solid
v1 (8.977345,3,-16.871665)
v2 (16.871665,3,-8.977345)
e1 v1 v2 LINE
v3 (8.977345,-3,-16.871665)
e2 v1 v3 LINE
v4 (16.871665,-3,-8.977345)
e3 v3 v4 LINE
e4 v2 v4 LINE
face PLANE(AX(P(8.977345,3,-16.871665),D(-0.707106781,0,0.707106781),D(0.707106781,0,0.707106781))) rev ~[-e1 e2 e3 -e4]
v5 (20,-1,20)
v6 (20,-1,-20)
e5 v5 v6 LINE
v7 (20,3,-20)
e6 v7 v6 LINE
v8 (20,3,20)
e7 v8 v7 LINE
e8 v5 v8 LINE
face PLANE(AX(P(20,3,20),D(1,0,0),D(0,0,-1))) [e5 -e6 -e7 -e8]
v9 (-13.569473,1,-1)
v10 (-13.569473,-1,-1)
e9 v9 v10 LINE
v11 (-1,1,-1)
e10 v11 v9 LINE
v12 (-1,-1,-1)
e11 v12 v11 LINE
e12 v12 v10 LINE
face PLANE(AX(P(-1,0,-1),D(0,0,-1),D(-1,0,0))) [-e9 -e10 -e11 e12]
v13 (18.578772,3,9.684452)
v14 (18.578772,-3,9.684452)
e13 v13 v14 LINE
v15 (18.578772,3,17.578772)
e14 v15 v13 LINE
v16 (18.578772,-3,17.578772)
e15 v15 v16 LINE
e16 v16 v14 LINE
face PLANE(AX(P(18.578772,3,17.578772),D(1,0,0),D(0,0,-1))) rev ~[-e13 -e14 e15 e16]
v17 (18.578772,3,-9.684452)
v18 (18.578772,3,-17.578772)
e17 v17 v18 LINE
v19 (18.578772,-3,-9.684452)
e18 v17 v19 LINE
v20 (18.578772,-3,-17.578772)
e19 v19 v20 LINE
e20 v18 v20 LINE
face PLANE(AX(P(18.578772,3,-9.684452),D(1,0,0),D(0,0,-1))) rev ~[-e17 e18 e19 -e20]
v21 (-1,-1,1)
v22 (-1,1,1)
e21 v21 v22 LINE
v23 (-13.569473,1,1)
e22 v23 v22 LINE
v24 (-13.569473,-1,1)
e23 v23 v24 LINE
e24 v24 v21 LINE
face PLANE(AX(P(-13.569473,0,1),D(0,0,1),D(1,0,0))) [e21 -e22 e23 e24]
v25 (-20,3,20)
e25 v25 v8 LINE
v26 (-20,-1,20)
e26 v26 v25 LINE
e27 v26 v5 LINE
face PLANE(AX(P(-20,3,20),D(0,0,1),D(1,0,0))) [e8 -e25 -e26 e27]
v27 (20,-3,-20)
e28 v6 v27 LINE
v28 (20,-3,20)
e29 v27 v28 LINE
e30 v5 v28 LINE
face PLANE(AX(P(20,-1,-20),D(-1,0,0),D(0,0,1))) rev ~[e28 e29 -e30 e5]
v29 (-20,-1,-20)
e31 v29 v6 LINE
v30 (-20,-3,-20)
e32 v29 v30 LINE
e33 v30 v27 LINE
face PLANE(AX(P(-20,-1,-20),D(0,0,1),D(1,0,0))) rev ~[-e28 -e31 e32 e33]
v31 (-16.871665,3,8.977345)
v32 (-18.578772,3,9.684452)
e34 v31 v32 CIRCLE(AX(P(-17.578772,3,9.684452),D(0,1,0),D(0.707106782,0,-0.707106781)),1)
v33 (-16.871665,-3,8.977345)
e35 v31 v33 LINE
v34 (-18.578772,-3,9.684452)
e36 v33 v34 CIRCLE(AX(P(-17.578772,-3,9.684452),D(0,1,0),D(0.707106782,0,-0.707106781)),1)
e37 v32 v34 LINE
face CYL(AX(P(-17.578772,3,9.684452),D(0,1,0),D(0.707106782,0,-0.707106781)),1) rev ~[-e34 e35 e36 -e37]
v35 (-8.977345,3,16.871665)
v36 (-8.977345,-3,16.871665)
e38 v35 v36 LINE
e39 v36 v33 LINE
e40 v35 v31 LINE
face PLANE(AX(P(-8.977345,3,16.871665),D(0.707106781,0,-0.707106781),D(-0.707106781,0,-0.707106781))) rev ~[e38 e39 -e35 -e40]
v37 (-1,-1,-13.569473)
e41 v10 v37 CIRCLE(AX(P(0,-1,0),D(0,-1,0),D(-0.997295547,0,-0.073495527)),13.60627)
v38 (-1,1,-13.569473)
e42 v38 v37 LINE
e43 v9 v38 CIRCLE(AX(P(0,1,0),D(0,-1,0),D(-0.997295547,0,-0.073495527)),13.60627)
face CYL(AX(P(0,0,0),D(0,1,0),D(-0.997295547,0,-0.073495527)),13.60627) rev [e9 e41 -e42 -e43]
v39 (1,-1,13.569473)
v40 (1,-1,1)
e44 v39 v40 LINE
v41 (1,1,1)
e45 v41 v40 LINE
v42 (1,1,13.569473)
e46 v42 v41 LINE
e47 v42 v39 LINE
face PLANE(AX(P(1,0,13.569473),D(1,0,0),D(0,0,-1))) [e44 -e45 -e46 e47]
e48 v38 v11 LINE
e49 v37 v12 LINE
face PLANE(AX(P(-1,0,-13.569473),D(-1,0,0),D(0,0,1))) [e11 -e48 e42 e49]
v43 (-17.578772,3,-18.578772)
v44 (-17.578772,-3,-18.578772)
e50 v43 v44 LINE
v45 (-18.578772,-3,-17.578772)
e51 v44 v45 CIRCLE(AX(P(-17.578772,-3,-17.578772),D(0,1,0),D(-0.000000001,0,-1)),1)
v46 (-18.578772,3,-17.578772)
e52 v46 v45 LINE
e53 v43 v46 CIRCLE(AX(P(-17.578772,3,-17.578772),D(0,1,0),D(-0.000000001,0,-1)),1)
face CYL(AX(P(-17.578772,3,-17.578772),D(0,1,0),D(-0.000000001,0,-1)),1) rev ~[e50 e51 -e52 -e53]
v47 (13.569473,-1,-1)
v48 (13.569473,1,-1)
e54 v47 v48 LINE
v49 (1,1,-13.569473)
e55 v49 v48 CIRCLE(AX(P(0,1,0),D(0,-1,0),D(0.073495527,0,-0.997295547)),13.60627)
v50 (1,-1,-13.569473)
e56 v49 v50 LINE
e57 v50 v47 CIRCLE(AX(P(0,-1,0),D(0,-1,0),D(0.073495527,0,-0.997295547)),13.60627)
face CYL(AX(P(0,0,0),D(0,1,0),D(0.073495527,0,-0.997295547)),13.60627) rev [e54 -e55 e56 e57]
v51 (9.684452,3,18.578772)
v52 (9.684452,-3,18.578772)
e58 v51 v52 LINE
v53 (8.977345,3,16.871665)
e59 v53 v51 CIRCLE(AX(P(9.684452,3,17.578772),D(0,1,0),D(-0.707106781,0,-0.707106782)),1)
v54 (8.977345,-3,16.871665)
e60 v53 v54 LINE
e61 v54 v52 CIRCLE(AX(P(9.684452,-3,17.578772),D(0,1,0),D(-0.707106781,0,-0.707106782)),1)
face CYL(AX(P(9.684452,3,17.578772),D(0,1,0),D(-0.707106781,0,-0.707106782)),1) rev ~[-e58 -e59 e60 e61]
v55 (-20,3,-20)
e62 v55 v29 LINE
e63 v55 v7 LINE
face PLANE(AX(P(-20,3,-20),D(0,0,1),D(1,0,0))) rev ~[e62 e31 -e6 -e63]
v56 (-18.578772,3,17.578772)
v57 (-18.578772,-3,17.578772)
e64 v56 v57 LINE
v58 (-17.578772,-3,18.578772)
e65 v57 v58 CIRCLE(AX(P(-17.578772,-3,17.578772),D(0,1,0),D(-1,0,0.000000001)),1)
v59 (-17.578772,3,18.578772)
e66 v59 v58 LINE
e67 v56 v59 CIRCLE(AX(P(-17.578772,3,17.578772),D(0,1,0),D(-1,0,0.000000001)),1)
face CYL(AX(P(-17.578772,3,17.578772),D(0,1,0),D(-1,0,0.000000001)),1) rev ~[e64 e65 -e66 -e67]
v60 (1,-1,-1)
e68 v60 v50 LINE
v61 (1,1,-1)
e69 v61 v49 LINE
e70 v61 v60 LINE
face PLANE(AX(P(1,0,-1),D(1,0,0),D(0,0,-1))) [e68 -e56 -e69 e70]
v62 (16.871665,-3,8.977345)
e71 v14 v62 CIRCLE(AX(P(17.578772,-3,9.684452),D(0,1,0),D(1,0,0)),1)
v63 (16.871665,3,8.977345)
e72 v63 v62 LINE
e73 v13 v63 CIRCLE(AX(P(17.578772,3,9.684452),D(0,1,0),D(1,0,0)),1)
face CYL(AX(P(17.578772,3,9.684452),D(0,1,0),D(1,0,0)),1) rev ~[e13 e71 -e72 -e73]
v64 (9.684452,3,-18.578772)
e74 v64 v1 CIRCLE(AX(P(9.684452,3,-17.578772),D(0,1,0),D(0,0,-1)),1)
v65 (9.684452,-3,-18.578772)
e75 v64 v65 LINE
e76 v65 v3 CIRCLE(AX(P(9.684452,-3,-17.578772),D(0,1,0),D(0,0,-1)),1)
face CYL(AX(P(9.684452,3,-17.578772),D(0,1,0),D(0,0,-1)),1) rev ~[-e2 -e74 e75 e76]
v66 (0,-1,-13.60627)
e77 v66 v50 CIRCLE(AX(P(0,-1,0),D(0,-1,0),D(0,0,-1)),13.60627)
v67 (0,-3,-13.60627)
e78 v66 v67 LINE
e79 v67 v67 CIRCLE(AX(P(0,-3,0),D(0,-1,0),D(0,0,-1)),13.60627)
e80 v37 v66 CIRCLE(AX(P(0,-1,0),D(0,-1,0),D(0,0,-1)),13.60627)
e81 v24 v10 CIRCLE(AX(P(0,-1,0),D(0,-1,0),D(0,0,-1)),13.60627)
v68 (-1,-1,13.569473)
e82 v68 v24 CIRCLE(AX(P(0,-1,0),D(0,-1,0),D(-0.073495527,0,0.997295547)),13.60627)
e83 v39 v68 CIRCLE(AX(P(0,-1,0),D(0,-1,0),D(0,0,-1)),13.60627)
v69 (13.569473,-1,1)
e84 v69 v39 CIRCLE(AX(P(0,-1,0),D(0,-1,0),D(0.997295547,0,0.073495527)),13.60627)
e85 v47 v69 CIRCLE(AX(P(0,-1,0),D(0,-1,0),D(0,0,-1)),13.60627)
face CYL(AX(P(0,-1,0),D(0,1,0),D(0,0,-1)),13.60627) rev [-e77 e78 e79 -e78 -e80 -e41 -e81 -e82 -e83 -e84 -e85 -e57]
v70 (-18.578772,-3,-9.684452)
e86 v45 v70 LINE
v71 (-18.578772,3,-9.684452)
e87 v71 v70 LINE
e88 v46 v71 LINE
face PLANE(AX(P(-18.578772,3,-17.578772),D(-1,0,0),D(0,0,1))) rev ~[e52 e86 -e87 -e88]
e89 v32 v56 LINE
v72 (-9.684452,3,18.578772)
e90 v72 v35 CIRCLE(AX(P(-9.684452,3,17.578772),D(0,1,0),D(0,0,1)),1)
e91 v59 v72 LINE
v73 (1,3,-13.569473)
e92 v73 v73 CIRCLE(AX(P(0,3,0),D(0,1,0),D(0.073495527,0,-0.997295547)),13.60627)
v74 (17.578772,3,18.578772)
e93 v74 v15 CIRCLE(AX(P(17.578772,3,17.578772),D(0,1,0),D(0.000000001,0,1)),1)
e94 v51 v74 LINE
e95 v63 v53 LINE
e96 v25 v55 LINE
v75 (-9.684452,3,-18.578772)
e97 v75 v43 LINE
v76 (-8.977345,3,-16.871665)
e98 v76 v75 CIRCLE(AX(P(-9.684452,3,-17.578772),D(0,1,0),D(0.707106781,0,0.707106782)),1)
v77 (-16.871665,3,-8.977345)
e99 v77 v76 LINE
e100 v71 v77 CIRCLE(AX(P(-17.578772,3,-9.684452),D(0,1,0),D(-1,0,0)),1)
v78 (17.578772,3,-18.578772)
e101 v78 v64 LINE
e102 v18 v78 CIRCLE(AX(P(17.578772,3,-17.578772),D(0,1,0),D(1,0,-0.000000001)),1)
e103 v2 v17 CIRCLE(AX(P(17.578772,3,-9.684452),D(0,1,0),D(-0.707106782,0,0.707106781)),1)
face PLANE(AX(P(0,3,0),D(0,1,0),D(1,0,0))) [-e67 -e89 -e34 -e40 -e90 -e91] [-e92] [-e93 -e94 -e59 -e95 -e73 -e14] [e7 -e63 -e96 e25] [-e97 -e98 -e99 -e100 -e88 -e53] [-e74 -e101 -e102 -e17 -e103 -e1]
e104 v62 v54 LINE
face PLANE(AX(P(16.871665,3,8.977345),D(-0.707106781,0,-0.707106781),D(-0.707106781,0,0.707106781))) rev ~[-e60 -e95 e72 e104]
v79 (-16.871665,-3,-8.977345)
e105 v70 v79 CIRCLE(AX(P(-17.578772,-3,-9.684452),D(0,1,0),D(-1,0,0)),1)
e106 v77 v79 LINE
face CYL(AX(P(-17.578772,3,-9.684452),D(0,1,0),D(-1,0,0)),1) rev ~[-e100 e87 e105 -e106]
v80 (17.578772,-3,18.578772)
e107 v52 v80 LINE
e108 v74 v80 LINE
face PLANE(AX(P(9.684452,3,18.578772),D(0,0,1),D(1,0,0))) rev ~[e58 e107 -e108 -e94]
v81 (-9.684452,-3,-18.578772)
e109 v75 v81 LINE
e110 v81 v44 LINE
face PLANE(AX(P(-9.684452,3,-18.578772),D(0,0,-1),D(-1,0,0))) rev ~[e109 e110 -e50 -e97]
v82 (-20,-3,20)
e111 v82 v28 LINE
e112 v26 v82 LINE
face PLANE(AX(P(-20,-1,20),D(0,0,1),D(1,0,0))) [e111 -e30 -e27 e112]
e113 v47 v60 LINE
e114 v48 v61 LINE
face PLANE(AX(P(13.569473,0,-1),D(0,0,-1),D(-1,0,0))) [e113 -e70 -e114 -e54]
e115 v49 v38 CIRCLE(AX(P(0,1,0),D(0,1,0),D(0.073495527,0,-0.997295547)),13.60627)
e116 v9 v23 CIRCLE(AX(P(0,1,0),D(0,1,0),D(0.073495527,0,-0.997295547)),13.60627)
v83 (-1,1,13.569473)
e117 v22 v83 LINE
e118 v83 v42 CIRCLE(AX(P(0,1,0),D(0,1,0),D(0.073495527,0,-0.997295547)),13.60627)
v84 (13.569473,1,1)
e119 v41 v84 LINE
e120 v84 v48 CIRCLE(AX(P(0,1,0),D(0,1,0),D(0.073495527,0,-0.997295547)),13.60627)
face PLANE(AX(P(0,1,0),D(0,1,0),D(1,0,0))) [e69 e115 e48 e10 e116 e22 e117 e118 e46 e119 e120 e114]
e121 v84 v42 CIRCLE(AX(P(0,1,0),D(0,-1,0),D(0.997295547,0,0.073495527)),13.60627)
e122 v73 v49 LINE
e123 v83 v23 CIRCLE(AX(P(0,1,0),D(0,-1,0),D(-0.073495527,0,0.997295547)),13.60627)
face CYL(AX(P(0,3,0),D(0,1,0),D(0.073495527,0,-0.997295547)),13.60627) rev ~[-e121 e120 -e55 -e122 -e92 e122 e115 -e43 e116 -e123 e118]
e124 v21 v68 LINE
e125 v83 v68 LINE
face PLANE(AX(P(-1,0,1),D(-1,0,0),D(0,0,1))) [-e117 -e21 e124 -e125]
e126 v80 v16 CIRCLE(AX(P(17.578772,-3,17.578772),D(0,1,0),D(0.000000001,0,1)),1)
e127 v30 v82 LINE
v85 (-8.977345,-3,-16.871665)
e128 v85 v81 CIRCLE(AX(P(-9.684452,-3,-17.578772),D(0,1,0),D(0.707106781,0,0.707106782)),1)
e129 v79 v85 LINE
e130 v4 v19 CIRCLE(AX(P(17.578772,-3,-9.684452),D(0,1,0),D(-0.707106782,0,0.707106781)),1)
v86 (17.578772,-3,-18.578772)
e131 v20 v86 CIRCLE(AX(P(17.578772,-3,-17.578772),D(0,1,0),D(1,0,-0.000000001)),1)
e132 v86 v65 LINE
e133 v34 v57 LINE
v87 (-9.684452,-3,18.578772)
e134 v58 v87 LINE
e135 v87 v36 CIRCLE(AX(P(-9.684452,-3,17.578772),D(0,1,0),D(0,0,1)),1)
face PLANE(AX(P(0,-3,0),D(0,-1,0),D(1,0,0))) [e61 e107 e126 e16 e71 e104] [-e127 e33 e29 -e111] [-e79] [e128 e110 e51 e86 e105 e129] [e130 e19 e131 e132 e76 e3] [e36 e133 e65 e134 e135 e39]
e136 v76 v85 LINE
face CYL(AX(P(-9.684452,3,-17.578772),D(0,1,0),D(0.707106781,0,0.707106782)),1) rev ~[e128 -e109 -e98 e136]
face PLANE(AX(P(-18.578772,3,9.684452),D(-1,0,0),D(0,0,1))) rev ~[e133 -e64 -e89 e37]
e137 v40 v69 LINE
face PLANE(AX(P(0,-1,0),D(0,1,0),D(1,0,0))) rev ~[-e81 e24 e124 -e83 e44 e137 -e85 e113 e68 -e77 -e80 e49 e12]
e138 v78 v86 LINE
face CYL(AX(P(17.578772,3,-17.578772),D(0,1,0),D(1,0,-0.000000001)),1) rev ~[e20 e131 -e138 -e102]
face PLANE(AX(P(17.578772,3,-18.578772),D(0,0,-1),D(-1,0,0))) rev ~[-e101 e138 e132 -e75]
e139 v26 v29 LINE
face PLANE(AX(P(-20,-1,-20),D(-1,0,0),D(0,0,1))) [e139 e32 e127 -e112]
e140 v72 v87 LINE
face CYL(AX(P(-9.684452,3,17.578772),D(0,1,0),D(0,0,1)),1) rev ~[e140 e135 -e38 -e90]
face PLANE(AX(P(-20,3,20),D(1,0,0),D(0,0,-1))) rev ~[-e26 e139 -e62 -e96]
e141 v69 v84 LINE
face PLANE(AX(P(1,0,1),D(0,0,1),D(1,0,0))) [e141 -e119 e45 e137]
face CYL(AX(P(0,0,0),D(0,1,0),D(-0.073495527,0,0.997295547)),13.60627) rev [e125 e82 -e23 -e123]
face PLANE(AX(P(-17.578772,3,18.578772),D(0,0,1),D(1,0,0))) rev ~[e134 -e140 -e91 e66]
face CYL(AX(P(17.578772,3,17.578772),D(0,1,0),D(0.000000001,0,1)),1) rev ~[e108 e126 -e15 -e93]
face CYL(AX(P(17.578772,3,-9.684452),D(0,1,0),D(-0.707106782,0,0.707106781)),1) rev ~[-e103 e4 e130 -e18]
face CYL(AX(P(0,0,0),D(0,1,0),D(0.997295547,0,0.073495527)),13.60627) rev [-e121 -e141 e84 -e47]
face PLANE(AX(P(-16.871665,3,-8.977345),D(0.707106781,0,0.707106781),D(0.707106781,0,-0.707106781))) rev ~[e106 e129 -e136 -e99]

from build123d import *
from build123d.topology import SkipClean

# Parameters (mm, degrees)
SKETCH1_W           = 40
SKETCH1_H           = 40
BOSS_EXTRUDE1_DEPTH = 1
BOSS_EXTRUDE2_START = 2
SKETCH2_W           = 40
SKETCH2_H           = 40
SKETCH2_R           = 13.606270174
BOSS_EXTRUDE2_DEPTH = 2
SKETCH3_W           = 40
SKETCH3_H           = 40
SKETCH3_R           = 13.606270174
BOSS_EXTRUDE3_DEPTH = 2
CUT_EXTRUDE1_DEPTH  = 6


with BuildPart() as part:
    # Sketch1 → Boss-Extrude1 (new, symmetric)
    with BuildSketch(Plane(origin=(0, 0, 0), x_dir=(1, 0, 0), z_dir=(0, 1, 0))):
        Rectangle(SKETCH1_W, SKETCH1_H)
        with BuildLine():
            Line((-1, -1), (-1, -13.569472652))
            ThreePointArc((-1, -13.569472652), (-9.621085907, -9.621085907), (-13.569472652, -1))
            Line((-13.569472652, -1), (-1, -1))
        make_face(mode=Mode.SUBTRACT)
        with BuildLine():
            ThreePointArc((13.569472652, -1), (9.621085907, -9.621085907), (1, -13.569472652))
            Line((1, -13.569472652), (1, -1))
            Line((1, -1), (13.569472652, -1))
        make_face(mode=Mode.SUBTRACT)
        with BuildLine():
            Line((-1, 1), (-13.569472652, 1))
            ThreePointArc((-13.569472652, 1), (-9.621085907, 9.621085907), (-1, 13.569472652))
            Line((-1, 13.569472652), (-1, 1))
        make_face(mode=Mode.SUBTRACT)
        with BuildLine():
            Line((13.569472652, 1), (1, 1))
            Line((1, 1), (1, 13.569472652))
            ThreePointArc((1, 13.569472652), (9.621085907, 9.621085907), (13.569472652, 1))
        make_face(mode=Mode.SUBTRACT)
    extrude(amount=BOSS_EXTRUDE1_DEPTH, both=True)

    # Sketch2 → Boss-Extrude2 (add)
    with BuildSketch(Plane(origin=(0, 1, 0), x_dir=(1, 0, 0), z_dir=(0, 1, 0)).offset(BOSS_EXTRUDE2_START)):
        Rectangle(SKETCH2_W, SKETCH2_H)
        with Locations(Location((0, 0, 0), (0, 0, 85.785216229))):
            Circle(SKETCH2_R, mode=Mode.SUBTRACT)
    extrude(amount=-BOSS_EXTRUDE2_DEPTH)

    # Sketch3 → Boss-Extrude3 (add)
    with SkipClean():  # the faces are left unmerged after this step: merging them gives an invalid solid
        with BuildSketch(Plane.XZ.offset(1)):
            Rectangle(SKETCH3_W, SKETCH3_H)
            with Locations(Location((0, 0, 0), (0, 0, 270))):
                Circle(SKETCH3_R, mode=Mode.SUBTRACT)
        extrude(amount=BOSS_EXTRUDE3_DEPTH)

    # Sketch4 → Cut-Extrude1 (cut)
    with SkipClean():  # the faces are left unmerged after this step: merging them gives an invalid solid
        with BuildSketch(Plane(origin=(0, 3, 0), x_dir=(1, 0, 0), z_dir=(0, 1, 0))):
            with BuildLine():
                Line((-18.578772203, 17.578772203), (-18.578772203, 9.684451785))
                ThreePointArc((-18.578772203, 9.684451785), (-17.961455635, 8.760572252), (-16.871665421, 8.977345004))
                Line((-16.871665421, 8.977345004), (-8.977345004, 16.871665421))
                ThreePointArc((-8.977345004, 16.871665421), (-8.760572252, 17.961455635), (-9.684451785, 18.578772203))
                Line((-9.684451785, 18.578772203), (-17.578772203, 18.578772203))
                ThreePointArc((-17.578772203, 18.578772203), (-18.285878984, 18.285878984), (-18.578772203, 17.578772203))
            make_face()
            with BuildLine():
                Line((8.977345004, 16.871665421), (16.871665421, 8.977345004))
                ThreePointArc((16.871665421, 8.977345004), (17.961455635, 8.760572252), (18.578772203, 9.684451785))
                Line((18.578772203, 9.684451785), (18.578772203, 17.578772203))
                ThreePointArc((18.578772203, 17.578772203), (18.285878984, 18.285878984), (17.578772203, 18.578772203))
                Line((17.578772203, 18.578772203), (9.684451785, 18.578772203))
                ThreePointArc((9.684451785, 18.578772203), (8.760572252, 17.961455635), (8.977345004, 16.871665421))
            make_face()
            with BuildLine():
                Line((16.871665421, -8.977345004), (8.977345004, -16.871665421))
                ThreePointArc((8.977345004, -16.871665421), (8.760572252, -17.961455635), (9.684451785, -18.578772203))
                Line((9.684451785, -18.578772203), (17.578772203, -18.578772203))
                ThreePointArc((17.578772203, -18.578772203), (18.285878984, -18.285878984), (18.578772203, -17.578772203))
                Line((18.578772203, -17.578772203), (18.578772203, -9.684451785))
                ThreePointArc((18.578772203, -9.684451785), (17.961455635, -8.760572252), (16.871665421, -8.977345004))
            make_face()
            with BuildLine():
                Line((-8.977345004, -16.871665421), (-16.871665421, -8.977345004))
                ThreePointArc((-16.871665421, -8.977345004), (-17.961455635, -8.760572252), (-18.578772203, -9.684451785))
                Line((-18.578772203, -9.684451785), (-18.578772203, -17.578772203))
                ThreePointArc((-18.578772203, -17.578772203), (-18.285878984, -18.285878984), (-17.578772203, -18.578772203))
                Line((-17.578772203, -18.578772203), (-9.684451785, -18.578772203))
                ThreePointArc((-9.684451785, -18.578772203), (-8.760572252, -17.961455635), (-8.977345004, -16.871665421))
            make_face()
        extrude(amount=-CUT_EXTRUDE1_DEPTH, mode=Mode.SUBTRACT)


solid = part.part
